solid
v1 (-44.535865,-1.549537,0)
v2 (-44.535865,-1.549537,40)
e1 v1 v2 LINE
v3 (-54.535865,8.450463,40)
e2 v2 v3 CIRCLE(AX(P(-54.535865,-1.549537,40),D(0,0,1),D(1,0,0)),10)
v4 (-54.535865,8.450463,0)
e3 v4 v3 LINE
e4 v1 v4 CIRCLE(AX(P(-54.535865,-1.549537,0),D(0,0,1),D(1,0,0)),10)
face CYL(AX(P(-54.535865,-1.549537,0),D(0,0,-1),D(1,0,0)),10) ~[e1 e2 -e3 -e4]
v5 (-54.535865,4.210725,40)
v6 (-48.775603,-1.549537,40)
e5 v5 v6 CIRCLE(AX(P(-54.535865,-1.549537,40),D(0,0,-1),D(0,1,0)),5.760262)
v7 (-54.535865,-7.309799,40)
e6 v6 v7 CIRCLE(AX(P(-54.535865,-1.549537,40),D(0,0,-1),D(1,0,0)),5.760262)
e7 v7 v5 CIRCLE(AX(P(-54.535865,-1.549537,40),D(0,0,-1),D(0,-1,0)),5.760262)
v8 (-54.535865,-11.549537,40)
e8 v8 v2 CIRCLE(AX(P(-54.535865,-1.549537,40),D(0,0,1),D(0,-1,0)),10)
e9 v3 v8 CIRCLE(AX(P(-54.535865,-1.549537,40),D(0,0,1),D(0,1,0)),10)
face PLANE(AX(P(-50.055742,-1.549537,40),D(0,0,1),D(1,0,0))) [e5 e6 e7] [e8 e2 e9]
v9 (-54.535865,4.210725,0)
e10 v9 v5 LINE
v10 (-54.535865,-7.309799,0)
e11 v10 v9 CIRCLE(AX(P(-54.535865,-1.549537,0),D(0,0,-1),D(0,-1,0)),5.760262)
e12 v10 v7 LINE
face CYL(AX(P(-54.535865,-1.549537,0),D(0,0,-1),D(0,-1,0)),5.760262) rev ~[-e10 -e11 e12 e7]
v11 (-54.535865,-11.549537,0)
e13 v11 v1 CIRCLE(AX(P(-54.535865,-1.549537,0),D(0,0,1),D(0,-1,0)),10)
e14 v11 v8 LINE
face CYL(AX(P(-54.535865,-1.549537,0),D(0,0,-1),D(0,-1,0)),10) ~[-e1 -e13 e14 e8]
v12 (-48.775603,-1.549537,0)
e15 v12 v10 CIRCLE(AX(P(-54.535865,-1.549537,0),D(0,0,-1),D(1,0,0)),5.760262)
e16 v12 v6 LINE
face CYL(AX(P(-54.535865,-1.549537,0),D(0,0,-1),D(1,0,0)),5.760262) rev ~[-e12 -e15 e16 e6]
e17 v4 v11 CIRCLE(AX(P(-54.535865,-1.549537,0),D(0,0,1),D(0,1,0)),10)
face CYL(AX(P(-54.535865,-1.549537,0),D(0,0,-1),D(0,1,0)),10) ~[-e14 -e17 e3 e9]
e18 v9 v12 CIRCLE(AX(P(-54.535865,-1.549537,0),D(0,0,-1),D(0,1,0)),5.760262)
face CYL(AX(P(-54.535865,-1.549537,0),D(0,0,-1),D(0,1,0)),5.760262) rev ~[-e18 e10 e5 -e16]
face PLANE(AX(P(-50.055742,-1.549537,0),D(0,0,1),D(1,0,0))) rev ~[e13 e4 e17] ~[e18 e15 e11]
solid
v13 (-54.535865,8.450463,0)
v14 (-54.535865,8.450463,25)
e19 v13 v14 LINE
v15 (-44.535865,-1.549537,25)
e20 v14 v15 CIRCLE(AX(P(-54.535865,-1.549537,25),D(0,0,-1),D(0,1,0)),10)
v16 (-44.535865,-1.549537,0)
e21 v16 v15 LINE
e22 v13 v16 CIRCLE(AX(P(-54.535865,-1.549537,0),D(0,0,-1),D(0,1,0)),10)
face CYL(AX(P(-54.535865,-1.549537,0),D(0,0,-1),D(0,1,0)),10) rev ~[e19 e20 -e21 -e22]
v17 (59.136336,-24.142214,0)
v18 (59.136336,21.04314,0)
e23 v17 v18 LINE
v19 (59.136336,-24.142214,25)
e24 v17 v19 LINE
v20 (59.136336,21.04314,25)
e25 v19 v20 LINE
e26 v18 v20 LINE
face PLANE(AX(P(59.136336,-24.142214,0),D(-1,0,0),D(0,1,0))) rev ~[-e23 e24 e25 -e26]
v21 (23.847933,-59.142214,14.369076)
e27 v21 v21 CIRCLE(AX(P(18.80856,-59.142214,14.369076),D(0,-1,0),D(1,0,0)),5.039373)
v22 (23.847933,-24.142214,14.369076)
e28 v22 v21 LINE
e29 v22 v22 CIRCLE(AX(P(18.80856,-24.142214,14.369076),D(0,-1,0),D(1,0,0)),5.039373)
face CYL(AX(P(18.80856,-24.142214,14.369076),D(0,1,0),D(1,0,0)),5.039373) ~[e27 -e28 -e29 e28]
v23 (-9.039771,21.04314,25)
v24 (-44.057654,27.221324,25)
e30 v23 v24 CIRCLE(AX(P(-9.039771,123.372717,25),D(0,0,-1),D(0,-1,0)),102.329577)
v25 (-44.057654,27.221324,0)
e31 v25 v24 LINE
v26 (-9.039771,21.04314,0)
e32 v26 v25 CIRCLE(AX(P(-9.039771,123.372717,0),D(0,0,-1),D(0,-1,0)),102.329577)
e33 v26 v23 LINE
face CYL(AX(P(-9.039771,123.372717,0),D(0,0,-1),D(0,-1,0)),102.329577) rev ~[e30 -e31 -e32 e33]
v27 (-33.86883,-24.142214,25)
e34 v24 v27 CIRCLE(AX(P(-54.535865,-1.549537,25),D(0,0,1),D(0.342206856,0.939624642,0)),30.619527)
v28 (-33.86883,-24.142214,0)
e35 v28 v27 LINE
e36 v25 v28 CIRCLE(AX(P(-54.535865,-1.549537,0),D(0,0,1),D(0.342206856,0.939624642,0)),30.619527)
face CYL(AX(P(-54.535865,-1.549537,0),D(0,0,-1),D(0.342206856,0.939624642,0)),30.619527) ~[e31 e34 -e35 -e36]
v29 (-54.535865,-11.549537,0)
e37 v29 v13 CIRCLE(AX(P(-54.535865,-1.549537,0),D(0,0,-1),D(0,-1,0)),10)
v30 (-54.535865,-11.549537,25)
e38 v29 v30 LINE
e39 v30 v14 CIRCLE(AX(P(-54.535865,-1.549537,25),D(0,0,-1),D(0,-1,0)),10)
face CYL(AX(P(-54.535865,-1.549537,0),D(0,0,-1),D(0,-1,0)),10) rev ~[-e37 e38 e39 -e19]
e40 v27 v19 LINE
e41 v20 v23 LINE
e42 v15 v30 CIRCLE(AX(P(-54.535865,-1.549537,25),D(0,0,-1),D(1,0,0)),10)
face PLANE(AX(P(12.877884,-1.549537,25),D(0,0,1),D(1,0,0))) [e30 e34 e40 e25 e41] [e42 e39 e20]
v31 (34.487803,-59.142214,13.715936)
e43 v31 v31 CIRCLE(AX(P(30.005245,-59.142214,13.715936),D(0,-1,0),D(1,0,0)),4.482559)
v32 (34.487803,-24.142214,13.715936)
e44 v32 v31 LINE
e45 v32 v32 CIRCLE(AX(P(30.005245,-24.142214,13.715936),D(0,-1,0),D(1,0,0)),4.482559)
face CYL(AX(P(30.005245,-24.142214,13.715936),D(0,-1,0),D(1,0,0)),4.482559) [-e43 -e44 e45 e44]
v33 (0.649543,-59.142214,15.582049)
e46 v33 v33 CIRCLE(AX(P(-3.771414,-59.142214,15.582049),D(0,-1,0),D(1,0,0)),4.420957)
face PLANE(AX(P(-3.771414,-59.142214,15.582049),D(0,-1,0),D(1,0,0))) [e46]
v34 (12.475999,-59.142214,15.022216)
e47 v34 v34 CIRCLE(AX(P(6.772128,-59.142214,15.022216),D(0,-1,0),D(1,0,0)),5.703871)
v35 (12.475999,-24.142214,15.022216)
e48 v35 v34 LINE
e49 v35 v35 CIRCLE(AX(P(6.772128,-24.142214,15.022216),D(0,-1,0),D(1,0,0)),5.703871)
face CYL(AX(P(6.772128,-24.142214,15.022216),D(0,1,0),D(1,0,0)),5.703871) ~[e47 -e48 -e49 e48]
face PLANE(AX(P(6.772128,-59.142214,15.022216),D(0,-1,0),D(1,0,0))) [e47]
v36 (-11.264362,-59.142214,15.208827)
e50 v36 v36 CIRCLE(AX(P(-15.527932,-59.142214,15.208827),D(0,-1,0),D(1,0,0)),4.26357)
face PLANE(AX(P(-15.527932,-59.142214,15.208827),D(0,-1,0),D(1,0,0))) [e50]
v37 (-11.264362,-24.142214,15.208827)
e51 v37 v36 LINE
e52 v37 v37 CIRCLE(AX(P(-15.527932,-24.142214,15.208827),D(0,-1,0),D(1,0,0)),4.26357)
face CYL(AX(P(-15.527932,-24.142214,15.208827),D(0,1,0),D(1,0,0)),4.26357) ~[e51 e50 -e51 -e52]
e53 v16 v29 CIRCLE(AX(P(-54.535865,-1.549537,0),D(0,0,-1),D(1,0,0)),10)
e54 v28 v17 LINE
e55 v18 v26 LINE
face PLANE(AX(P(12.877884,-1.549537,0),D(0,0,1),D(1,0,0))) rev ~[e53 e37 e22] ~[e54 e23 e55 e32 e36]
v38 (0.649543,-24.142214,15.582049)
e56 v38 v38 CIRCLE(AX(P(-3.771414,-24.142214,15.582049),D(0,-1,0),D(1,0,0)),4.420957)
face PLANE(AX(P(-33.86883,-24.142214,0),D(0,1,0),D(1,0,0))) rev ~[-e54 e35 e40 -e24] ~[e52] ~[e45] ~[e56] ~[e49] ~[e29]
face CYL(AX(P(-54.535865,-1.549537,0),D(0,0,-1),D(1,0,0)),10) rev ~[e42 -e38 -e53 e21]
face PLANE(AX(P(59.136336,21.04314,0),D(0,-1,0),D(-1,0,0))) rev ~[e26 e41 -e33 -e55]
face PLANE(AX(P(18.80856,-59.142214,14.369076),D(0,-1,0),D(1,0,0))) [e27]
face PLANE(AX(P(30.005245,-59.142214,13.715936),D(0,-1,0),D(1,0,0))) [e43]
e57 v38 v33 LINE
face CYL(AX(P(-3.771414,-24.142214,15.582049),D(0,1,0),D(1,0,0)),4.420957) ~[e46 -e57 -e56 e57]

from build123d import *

# Parameters (mm, degrees)
F1_DEPTH = 25
F2_DEPTH = 40
F3_R     = 4.2635703771
F3_R_2   = 4.4209569703
F3_R_3   = 5.7038712212
F3_R_4   = 5.0393730087
F3_R_5   = 4.4825585926
F4_DEPTH = 35


with BuildPart() as f1:
    # F0 (on Top) → F1 (new body)
    with BuildSketch(Plane.XY):
        with BuildLine():
            Line((59.1363360627, 21.0431396319), (-9.0397706609, 21.0431396319))
            Line((-9.0397706609, 21.0431396319), (-33.8688298197, 21.0431396319))
            ThreePointArc((-33.8688298197, 21.0431396319), (-26.514710402, 10.7942984973), (-23.916338801, -1.5495372936))
            ThreePointArc((-23.916338801, -1.5495372936), (-26.514710402, -13.8933730846), (-33.8688298197, -24.1422142191))
            Line((-33.8688298197, -24.1422142191), (59.1363360627, -24.1422142191))
            Line((59.1363360627, -24.1422142191), (59.1363360627, 21.0431396319))
        make_face()
        with BuildLine():
            Line((-33.8688298197, 21.0431396319), (-9.0397706609, 21.0431396319))
            ThreePointArc((-9.0397706609, 21.0431396319), (-26.8191272876, 22.5995217448), (-44.0576535234, 27.2213244839))
            ThreePointArc((-44.0576535234, 27.2213244839), (-38.6598110486, 24.6326381152), (-33.8688298197, 21.0431396319))
        make_face()
        with BuildLine():
            ThreePointArc((-23.916338801, -1.5495372936), (-26.514710402, 10.7942984973), (-33.8688298197, 21.0431396319))
            Line((-33.8688298197, 21.0431396319), (-54.5358654598, 21.0431396319))
            Line((-54.5358654598, 21.0431396319), (-54.5358654598, 8.4504627064))
            ThreePointArc((-54.5358654598, 8.4504627064), (-47.4647976479, 5.5215305183), (-44.5358654598, -1.5495372936))
            ThreePointArc((-44.5358654598, -1.5495372936), (-47.4647976479, -8.6206051055), (-54.5358654598, -11.5495372936))
            Line((-54.5358654598, -11.5495372936), (-54.5358654598, -24.1422142191))
            Line((-54.5358654598, -24.1422142191), (-33.8688298197, -24.1422142191))
            ThreePointArc((-33.8688298197, -24.1422142191), (-26.514710402, -13.8933730846), (-23.916338801, -1.5495372936))
        make_face()
        with BuildLine():
            Line((-54.5358654598, 21.0431396319), (-33.8688298197, 21.0431396319))
            ThreePointArc((-33.8688298197, 21.0431396319), (-38.6598110486, 24.6326381152), (-44.0576535234, 27.2213244839))
            ThreePointArc((-44.0576535234, 27.2213244839), (-84.5701773159, -7.5073493192), (-33.8688298197, -24.1422142191))
            Line((-33.8688298197, -24.1422142191), (-54.5358654598, -24.1422142191))
            Line((-54.5358654598, -24.1422142191), (-54.5358654598, -11.5495372936))
            ThreePointArc((-54.5358654598, -11.5495372936), (-64.5358654598, -1.5495372936), (-54.5358654598, 8.4504627064))
            Line((-54.5358654598, 8.4504627064), (-54.5358654598, 21.0431396319))
        make_face()
    extrude(amount=F1_DEPTH)

    # F3 (on face) → F4 (join, symmetric)
    with BuildSketch(Plane.XZ.offset(24.1422142191)):
        with Locations((-15.5279319733, 15.2088273317)):
            Circle(F3_R)
        with Locations((-3.7714142818, 15.5820492655)):
            Circle(F3_R_2)
        with Locations((6.7721279338, 15.0222163647)):
            Circle(F3_R_3)
        with Locations((18.8085604459, 14.3690761179)):
            Circle(F3_R_4)
        with Locations((30.0052445382, 13.715935871)):
            Circle(F3_R_5)
    extrude(amount=F4_DEPTH, both=True)


with BuildPart() as f2:
    # F0 (on Top) → F2 (new body)
    with BuildSketch(Plane.XY):
        with BuildLine():
            ThreePointArc((-44.5358654598, -1.5495372936), (-47.4647976479, 5.5215305183), (-54.5358654598, 8.4504627064))
            Line((-54.5358654598, 8.4504627064), (-54.5358654598, 4.2107247108))
            ThreePointArc((-54.5358654598, 4.2107247108), (-50.462745135, 2.5235830311), (-48.7756034554, -1.5495372936))
            ThreePointArc((-48.7756034554, -1.5495372936), (-50.462745135, -5.6226576183), (-54.5358654598, -7.309799298))
            Line((-54.5358654598, -7.309799298), (-54.5358654598, -11.5495372936))
            ThreePointArc((-54.5358654598, -11.5495372936), (-47.4647976479, -8.6206051055), (-44.5358654598, -1.5495372936))
        make_face()
        with BuildLine():
            Line((-54.5358654598, 4.2107247108), (-54.5358654598, 8.4504627064))
            ThreePointArc((-54.5358654598, 8.4504627064), (-64.5358654598, -1.5495372936), (-54.5358654598, -11.5495372936))
            Line((-54.5358654598, -11.5495372936), (-54.5358654598, -7.309799298))
            ThreePointArc((-54.5358654598, -7.309799298), (-60.2961274642, -1.5495372936), (-54.5358654598, 4.2107247108))
        make_face()
    extrude(amount=F2_DEPTH)


solid = Compound([f1.part, f2.part])
